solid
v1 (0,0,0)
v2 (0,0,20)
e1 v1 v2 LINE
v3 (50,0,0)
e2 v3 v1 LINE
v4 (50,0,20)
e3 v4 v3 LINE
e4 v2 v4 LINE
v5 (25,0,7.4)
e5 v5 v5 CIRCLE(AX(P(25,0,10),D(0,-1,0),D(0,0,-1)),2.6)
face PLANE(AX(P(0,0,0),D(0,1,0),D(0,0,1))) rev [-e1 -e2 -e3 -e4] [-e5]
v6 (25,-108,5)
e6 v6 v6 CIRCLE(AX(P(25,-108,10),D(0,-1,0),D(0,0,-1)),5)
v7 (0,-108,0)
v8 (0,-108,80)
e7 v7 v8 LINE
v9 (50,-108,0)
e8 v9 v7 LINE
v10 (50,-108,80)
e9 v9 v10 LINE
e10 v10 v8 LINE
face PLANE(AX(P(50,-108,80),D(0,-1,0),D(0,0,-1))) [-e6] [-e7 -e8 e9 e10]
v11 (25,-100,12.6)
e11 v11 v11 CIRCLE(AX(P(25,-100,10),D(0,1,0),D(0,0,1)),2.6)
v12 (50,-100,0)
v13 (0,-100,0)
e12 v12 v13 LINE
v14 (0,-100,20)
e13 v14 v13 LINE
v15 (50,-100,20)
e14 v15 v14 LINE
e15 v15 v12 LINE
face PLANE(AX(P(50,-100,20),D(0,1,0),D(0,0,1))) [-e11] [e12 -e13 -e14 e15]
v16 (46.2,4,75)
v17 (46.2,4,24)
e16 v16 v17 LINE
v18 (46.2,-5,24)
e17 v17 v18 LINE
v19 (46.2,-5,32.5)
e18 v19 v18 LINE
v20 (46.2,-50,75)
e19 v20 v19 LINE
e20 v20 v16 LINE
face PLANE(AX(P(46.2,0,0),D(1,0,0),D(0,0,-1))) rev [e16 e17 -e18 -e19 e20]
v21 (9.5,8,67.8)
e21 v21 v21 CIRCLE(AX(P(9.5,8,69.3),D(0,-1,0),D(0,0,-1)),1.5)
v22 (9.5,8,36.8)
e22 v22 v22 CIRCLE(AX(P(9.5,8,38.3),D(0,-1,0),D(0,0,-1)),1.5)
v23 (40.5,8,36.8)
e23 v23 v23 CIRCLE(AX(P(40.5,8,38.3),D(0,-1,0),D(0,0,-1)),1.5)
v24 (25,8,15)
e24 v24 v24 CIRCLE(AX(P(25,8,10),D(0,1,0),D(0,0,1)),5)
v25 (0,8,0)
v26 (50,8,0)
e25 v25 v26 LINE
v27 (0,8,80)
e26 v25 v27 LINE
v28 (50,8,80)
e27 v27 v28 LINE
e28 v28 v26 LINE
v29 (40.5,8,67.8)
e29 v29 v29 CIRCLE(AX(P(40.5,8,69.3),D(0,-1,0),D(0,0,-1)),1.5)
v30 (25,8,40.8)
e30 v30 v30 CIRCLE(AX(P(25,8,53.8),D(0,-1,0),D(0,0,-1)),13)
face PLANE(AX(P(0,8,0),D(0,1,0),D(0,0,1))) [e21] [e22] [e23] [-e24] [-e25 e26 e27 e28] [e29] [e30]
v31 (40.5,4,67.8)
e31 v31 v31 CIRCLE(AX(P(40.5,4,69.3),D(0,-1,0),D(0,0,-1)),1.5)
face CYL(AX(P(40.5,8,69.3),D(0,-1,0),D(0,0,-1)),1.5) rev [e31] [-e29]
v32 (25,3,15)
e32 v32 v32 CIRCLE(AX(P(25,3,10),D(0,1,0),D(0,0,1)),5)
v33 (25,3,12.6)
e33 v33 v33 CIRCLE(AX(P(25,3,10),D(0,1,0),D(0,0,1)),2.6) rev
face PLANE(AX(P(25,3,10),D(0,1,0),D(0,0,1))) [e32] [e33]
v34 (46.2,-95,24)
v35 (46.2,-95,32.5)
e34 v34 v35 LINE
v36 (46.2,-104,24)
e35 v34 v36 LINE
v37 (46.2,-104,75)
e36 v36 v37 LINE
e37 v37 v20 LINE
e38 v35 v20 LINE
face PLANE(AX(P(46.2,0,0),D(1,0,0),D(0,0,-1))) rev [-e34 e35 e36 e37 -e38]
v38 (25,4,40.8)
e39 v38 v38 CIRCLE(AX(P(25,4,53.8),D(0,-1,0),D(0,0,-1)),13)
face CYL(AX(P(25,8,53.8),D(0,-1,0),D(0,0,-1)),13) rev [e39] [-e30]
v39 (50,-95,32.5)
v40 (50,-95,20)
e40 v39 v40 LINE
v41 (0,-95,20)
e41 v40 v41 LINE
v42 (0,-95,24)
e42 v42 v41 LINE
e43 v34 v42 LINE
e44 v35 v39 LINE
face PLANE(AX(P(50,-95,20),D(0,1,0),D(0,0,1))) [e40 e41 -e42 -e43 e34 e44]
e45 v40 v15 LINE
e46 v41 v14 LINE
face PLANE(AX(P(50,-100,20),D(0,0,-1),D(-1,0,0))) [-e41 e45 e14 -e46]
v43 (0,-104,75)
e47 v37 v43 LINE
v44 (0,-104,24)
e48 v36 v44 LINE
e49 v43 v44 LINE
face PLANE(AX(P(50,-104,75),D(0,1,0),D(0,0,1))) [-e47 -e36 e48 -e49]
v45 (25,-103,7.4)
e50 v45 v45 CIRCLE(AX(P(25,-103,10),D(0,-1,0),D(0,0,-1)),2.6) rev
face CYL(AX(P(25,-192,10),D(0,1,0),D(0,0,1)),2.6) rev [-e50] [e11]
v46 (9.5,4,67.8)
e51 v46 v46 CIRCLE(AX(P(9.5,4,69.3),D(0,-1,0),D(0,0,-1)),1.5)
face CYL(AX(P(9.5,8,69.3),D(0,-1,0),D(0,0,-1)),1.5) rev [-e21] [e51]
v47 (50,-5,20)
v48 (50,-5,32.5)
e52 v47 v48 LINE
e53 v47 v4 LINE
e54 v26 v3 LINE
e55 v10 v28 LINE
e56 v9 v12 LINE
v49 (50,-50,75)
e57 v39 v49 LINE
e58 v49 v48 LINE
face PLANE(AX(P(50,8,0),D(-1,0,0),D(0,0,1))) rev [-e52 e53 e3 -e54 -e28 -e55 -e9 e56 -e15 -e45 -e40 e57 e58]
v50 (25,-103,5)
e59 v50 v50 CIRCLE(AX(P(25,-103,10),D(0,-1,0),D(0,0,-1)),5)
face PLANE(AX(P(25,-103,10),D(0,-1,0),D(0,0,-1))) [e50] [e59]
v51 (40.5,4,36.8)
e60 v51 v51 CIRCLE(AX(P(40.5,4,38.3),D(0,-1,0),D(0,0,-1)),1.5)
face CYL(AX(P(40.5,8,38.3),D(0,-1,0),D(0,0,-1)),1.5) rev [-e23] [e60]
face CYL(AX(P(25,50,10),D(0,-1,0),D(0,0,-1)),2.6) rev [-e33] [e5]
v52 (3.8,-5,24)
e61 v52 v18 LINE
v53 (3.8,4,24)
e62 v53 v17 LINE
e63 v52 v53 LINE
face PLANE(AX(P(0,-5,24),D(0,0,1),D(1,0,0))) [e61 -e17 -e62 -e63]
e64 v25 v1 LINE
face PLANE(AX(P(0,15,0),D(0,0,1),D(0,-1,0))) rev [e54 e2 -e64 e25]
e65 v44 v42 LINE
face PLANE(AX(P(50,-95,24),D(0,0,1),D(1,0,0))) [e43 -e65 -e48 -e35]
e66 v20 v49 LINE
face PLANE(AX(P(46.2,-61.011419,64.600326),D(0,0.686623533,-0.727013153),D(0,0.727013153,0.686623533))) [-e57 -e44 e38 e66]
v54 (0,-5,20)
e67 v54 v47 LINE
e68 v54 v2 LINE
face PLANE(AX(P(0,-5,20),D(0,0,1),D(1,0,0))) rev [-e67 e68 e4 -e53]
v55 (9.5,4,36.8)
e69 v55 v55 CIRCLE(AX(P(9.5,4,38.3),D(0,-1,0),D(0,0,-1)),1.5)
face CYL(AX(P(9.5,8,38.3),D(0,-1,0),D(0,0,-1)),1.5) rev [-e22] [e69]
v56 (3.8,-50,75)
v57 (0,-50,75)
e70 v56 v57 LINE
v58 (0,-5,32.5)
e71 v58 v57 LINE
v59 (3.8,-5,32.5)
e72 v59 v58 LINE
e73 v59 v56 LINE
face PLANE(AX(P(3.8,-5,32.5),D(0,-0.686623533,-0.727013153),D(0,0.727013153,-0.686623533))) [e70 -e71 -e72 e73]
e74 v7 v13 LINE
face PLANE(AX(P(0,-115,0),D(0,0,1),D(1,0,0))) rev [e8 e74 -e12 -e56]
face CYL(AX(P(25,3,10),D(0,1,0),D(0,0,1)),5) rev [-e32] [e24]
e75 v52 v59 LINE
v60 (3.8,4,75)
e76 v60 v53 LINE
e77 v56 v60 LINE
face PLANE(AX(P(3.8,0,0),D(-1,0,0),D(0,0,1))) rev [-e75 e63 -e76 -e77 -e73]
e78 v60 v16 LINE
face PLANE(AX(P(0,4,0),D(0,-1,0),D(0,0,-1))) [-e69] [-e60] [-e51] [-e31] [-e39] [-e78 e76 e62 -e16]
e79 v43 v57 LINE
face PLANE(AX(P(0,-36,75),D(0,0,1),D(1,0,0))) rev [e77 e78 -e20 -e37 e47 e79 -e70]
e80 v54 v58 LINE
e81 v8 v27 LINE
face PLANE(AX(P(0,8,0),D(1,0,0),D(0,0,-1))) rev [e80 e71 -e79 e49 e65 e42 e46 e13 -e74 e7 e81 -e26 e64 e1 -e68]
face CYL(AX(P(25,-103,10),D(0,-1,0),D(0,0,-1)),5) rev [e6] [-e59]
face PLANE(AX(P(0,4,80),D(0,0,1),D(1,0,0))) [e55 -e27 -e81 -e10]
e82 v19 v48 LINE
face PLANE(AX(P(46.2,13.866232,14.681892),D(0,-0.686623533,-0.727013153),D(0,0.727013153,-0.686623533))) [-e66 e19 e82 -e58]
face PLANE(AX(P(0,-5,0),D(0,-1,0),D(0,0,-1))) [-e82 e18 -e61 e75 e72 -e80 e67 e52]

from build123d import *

# Parameters (mm, degrees)
SKETCH_1_W          = 50
SKETCH_1_H          = 20
EXTRUDE_1_DEPTH     = 8
SKETCH_2_W          = 50
SKETCH_2_H          = 4
EXTRUDE_2_DEPTH     = 13
SKETCH_3_W          = 50
SKETCH_3_H          = 60
EXTRUDE_3_DEPTH     = 4
SKETCH_4_W          = 50
SKETCH_4_H          = 5
EXTRUDE_4_DEPTH     = 40
EXTRUDE_5_DEPTH     = 50
SKETCH_7_W          = 4
SKETCH_7_H          = 5
CUT_EXTRUDE_1_DEPTH = 50
EXTRUDE_7_DEPTH     = 3.8
EXTRUDE_8_DEPTH     = 3.8
SKETCH_11_R         = 1.5
SKETCH_11_R_2       = 13
CUT_EXTRUDE_2_DEPTH = 4
SKETCH_14_W         = 4
SKETCH_14_H         = 5
EXTRUDE_9_DEPTH     = 50
CUT_EXTRUDE_3_DEPTH = 50
CUT_EXTRUDE_START   = -200
SKETCH_16_R         = 2.6
CUT_EXTRUDE_4_DEPTH = 200
SKETCH_17_R         = 5
CUT_EXTRUDE_5_DEPTH = 5
CUT_EXTRUDE_START_2 = -5
SKETCH_18_R         = 5
CUT_EXTRUDE_6_DEPTH = 5
SKETCH_19_W         = 50
SKETCH_19_H         = 4
CUT_EXTRUDE_7_DEPTH = 20
SKETCH_20_W         = 50
SKETCH_20_H         = 4
CUT_EXTRUDE_8_DEPTH = 20


with BuildPart() as part:
    # 草图1 → 凸台-拉伸1 (new body)
    with BuildSketch(Plane(origin=(0, 0, 0), x_dir=(1, 0, 0), z_dir=(0, 1, 0))):
        with Locations((25, -10)):
            Rectangle(SKETCH_1_W, SKETCH_1_H)
    extrude(amount=EXTRUDE_1_DEPTH)

    # 草图2 → 凸台-拉伸2 (add)
    with BuildSketch(Plane(origin=(0, 8, 0), x_dir=(1, 0, 0), z_dir=(0, 1, 0))):
        with Locations((25, 2)):
            Rectangle(SKETCH_2_W, SKETCH_2_H)
        with Locations((25, -22)):
            Rectangle(SKETCH_2_W, SKETCH_2_H)
    extrude(amount=-EXTRUDE_2_DEPTH)

    # 草图3 → 凸台-拉伸3 (add)
    with BuildSketch(Plane(origin=(0, 8, 0), x_dir=(1, 0, 0), z_dir=(0, 1, 0))):
        with Locations((25, -50)):
            Rectangle(SKETCH_3_W, SKETCH_3_H)
    extrude(amount=-EXTRUDE_3_DEPTH)

    # 草图4 → 凸台-拉伸4 (add)
    with BuildSketch(Plane.XZ.offset(-4)):
        with Locations((25, 77.5)):
            Rectangle(SKETCH_4_W, SKETCH_4_H)
    extrude(amount=EXTRUDE_4_DEPTH)

    # 草图6 → 凸台-拉伸5 (add)
    with BuildSketch(Plane.ZY):
        Polygon((20, -100), (-4, -100), (-4, -108), (80, -108), (80, -36), (75, -36), (75, -104), (24, -104), (24, -95), (20, -95), align=None)
    extrude(amount=-EXTRUDE_5_DEPTH)

    # 草图7 → 切除-拉伸1 (cut)
    with BuildSketch(Plane.ZY):
        with Locations((-2, -2.5)):
            Rectangle(SKETCH_7_W, SKETCH_7_H)
    extrude(amount=-CUT_EXTRUDE_1_DEPTH, mode=Mode.SUBTRACT)

    # 草图8 → 凸台-拉伸7 (add)
    with BuildSketch(Plane.ZY):
        Polygon((75, -50), (75, 4), (24, 4), (24, -5), (32.5, -5), align=None)
    extrude(amount=-EXTRUDE_7_DEPTH)

    # 草图9 → 凸台-拉伸8 (add)
    with BuildSketch(Plane(origin=(50, 0, 0), x_dir=(0, 0, -1), z_dir=(1, 0, 0))):
        Polygon((-24, -5), (-24, 4), (-75, 4), (-75, -50), (-32.5, -5), align=None)
        Polygon((-32.5, -95), (-75, -50), (-75, -104), (-24, -104), (-24, -95), align=None)
    extrude(amount=-EXTRUDE_8_DEPTH)

    # 草图11 → 切除-拉伸2 (cut)
    with BuildSketch(Plane(origin=(0, 4, 0), x_dir=(-1, 0, 0), z_dir=(0, -1, 0))):
        with Locations(Location((-40.5, -38.3, 0), (0, 0, 90))):
            Circle(SKETCH_11_R)
        with Locations(Location((-9.5, -38.3, 0), (0, 0, 90))):
            Circle(SKETCH_11_R)
        with Locations(Location((-40.5, -69.3, 0), (0, 0, 90))):
            Circle(SKETCH_11_R)
        with Locations(Location((-9.5, -69.3, 0), (0, 0, 90))):
            Circle(SKETCH_11_R)
        with Locations(Location((-25, -53.8, 0), (0, 0, 90))):
            Circle(SKETCH_11_R_2)
    extrude(amount=-CUT_EXTRUDE_2_DEPTH, mode=Mode.SUBTRACT)

    # 草图14 → 凸台-拉伸9 (add)
    with BuildSketch(Plane.ZY):
        with Locations((-2, -97.5)):
            Rectangle(SKETCH_14_W, SKETCH_14_H)
        with Locations((-2, -2.5)):
            Rectangle(SKETCH_14_W, SKETCH_14_H)
    extrude(amount=-EXTRUDE_9_DEPTH)

    # 草图15 → 切除-拉伸3 (cut)
    with BuildSketch(Plane.XZ):
        with BuildLine():
            ThreePointArc((27.6, 10), (25.491679555, 12.553086606), (22.585960604, 10.965615759))
            Line((22.585960604, 10.965615759), (27.414039396, 9.034384241))
            ThreePointArc((27.414039396, 9.034384241), (27.553086606, 9.508320445), (27.6, 10))
        make_face()
        with BuildLine():
            Line((27.414039396, 9.034384241), (22.585960604, 10.965615759))
            ThreePointArc((22.585960604, 10.965615759), (24.034384241, 7.585960604), (27.414039396, 9.034384241))
        make_face()
    extrude(amount=-CUT_EXTRUDE_3_DEPTH, mode=Mode.SUBTRACT)

    # 草图16 → 切除-拉伸4 (cut)
    with BuildSketch(Plane(origin=(0, 8, 0), x_dir=(1, 0, 0), z_dir=(0, 1, 0)).offset(CUT_EXTRUDE_START)):
        with Locations(Location((25, -10, 0), (0, 0, 90))):
            Circle(SKETCH_16_R)
    extrude(amount=CUT_EXTRUDE_4_DEPTH, mode=Mode.SUBTRACT)

    # 草图17 → 切除-拉伸5 (cut)
    with BuildSketch(Plane(origin=(0, 8, 0), x_dir=(1, 0, 0), z_dir=(0, 1, 0))):
        with Locations(Location((25, -10, 0), (0, 0, 270))):
            Circle(SKETCH_17_R)
    extrude(amount=-CUT_EXTRUDE_5_DEPTH, mode=Mode.SUBTRACT)

    # 草图18 → 切除-拉伸6 (cut)
    with BuildSketch(Plane.XZ.offset(108).offset(CUT_EXTRUDE_START_2)):
        with Locations(Location((25, 10, 0), (0, 0, 90))):
            Circle(SKETCH_18_R)
    extrude(amount=CUT_EXTRUDE_6_DEPTH, mode=Mode.SUBTRACT)

    # 草图19 → 切除-拉伸7 (cut)
    with BuildSketch(Plane(origin=(0, -5, 0), x_dir=(-1, 0, 0), z_dir=(0, -1, 0))):
        with Locations((-25, 2)):
            Rectangle(SKETCH_19_W, SKETCH_19_H)
    extrude(amount=-CUT_EXTRUDE_7_DEPTH, mode=Mode.SUBTRACT)

    # 草图20 → 切除-拉伸8 (cut)
    with BuildSketch(Plane(origin=(0, -95, 0), x_dir=(1, 0, 0), z_dir=(0, 1, 0))):
        with Locations((25, 2)):
            Rectangle(SKETCH_20_W, SKETCH_20_H)
    extrude(amount=-CUT_EXTRUDE_8_DEPTH, mode=Mode.SUBTRACT)


solid = part.part
